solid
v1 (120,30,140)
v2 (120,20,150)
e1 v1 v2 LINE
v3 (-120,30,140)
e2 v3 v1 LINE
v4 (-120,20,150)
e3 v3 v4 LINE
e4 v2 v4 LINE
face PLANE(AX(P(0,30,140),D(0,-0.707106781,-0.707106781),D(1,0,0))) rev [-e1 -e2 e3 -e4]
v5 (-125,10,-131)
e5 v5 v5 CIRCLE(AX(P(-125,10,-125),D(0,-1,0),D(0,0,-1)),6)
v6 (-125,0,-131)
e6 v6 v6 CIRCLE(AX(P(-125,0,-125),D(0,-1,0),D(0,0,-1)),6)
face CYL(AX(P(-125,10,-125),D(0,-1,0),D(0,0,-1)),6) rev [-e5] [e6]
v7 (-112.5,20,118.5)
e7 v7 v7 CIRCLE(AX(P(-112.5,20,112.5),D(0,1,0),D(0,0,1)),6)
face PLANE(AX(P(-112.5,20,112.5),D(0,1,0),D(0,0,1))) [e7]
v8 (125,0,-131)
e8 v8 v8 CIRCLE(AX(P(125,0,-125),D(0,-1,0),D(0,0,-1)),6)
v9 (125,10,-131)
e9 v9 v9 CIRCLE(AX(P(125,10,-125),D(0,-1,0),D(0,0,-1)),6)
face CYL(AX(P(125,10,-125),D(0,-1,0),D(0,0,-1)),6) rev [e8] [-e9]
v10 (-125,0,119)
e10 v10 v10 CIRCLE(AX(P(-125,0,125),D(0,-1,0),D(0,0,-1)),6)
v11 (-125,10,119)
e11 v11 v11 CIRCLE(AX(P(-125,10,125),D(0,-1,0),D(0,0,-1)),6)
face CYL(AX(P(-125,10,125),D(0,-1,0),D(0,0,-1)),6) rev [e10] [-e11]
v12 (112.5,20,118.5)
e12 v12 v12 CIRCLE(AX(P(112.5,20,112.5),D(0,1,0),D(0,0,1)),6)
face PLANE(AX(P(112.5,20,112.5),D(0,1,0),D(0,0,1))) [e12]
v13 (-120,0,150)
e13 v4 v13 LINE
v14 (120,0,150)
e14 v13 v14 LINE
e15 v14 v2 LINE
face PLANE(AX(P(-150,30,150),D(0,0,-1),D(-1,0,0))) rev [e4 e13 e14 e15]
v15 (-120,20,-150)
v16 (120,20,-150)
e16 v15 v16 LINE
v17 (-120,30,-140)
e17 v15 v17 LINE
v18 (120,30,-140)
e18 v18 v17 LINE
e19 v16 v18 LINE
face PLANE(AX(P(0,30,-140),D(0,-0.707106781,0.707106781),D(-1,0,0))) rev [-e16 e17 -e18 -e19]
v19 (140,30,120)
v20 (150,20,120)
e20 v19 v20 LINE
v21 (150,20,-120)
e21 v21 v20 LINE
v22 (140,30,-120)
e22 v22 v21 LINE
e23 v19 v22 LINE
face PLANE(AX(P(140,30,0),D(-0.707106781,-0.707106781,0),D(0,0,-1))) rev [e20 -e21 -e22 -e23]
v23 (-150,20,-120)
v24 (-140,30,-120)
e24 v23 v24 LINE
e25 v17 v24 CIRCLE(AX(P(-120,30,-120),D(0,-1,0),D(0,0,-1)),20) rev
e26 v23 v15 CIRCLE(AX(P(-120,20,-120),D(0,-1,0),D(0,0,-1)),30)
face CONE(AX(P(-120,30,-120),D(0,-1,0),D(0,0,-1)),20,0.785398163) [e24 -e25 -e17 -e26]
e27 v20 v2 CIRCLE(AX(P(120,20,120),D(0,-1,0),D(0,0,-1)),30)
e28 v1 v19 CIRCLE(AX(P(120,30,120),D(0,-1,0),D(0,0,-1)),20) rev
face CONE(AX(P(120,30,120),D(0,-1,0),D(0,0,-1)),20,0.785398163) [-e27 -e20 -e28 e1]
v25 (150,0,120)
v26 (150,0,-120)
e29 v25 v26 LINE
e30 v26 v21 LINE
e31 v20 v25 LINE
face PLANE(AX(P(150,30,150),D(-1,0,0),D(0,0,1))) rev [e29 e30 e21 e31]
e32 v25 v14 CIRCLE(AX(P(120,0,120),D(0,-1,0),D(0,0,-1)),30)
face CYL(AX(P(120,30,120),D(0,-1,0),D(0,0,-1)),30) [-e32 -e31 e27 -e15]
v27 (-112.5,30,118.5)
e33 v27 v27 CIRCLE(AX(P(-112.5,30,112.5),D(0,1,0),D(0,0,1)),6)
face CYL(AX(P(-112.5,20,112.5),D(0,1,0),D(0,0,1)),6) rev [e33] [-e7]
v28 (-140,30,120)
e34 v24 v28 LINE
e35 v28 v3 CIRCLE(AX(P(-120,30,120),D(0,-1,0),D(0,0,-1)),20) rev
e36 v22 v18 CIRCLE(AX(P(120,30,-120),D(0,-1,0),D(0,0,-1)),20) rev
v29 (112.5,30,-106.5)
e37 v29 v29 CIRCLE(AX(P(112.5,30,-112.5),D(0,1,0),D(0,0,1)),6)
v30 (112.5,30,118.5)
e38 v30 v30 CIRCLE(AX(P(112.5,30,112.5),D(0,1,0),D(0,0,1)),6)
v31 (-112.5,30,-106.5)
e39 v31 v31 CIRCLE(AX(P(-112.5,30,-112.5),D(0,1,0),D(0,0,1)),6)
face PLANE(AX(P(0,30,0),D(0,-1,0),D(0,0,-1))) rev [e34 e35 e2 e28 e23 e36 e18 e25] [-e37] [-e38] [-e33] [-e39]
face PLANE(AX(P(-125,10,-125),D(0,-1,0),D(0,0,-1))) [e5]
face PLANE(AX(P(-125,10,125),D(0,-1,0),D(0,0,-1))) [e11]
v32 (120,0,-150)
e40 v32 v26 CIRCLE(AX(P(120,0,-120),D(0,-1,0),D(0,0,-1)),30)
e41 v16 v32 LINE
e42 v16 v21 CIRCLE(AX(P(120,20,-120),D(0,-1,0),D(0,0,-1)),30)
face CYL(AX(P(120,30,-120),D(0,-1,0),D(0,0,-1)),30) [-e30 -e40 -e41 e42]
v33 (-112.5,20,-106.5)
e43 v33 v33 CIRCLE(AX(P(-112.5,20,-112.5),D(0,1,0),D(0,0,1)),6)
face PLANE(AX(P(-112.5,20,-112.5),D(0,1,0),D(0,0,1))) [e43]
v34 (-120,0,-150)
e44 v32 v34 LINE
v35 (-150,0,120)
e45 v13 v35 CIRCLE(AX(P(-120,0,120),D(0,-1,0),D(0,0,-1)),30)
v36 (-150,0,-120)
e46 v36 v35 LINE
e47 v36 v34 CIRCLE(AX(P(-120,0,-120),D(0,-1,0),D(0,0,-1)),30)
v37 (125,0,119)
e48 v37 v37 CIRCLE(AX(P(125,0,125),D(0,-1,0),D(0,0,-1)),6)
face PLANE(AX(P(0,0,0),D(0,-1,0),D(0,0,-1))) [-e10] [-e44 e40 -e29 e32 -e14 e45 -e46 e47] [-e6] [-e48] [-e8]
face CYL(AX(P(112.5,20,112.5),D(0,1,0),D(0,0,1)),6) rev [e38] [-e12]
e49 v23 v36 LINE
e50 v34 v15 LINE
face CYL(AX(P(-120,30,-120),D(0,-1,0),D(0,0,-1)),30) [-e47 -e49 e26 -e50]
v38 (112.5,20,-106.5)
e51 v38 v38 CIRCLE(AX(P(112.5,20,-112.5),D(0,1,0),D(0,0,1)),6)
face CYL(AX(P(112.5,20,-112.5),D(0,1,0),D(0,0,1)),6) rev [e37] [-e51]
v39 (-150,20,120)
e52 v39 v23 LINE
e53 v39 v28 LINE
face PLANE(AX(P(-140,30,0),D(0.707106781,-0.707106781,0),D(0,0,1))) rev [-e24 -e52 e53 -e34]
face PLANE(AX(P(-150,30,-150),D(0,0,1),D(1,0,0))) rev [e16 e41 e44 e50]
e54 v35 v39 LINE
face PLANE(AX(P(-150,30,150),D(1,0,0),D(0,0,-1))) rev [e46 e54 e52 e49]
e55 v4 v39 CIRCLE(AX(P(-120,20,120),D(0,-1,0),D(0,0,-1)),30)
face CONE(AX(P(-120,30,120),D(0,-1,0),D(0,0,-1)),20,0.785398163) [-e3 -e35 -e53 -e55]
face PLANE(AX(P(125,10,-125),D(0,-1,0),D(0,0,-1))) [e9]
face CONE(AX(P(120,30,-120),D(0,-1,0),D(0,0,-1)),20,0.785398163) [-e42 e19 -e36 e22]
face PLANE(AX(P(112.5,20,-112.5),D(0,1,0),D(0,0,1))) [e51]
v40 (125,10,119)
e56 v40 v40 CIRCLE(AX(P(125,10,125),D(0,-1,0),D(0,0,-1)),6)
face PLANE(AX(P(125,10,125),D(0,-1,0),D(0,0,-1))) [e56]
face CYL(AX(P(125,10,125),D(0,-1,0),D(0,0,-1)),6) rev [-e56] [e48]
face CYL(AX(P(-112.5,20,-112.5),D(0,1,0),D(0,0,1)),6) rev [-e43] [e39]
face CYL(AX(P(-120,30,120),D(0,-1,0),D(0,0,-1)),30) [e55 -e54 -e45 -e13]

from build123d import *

# Parameters (mm, degrees)
CROQUIS1_W              = 300
CROQUIS1_H              = 300
SALIENTE_EXTRUIR1_DEPTH = 30
REDONDEO1_R             = 30
CHAFL_N1_SIZE           = 10
CROQUIS3_R              = 6
CORTAR_EXTRUIR2_DEPTH   = 10
CROQUIS11_R             = 6
CORTAR_EXTRUIR5_DEPTH   = 10


with BuildPart() as part:
    # Croquis1 → Saliente-Extruir1 (new body)
    with BuildSketch(Plane(origin=(0, 0, 0), x_dir=(1, 0, 0), z_dir=(0, 1, 0))):
        Rectangle(CROQUIS1_W, CROQUIS1_H)
    extrude(amount=SALIENTE_EXTRUIR1_DEPTH)

    # Redondeo1
    redondeo1_edges = [part.edges().sort_by_distance(p)[0] for p in [
        (150, 15, 150),
        (-150, 15, 150),
        (-150, 15, -150),
        (150, 15, -150),
    ]]
    fillet(redondeo1_edges, radius=REDONDEO1_R)

    # Chaflán1
    chafl_n1_edges = [part.edges().sort_by_distance(p)[0] for p in [
        (-150, 30, 0),
        (0, 30, -150),
        (150, 30, 0),
        (0, 30, 150),
        (-141.213203436, 30, 141.213203436),
        (141.213203436, 30, 141.213203436),
        (141.213203436, 30, -141.213203436),
        (-141.213203436, 30, -141.213203436),
    ]]
    chamfer(chafl_n1_edges, length=CHAFL_N1_SIZE)

    # Croquis3 → Cortar-Extruir2 (cut)
    with BuildSketch(Plane.XZ):
        with Locations((125, -125)):
            Circle(CROQUIS3_R)
        with Locations((125, 125)):
            Circle(CROQUIS3_R)
        with Locations((-125, 125)):
            Circle(CROQUIS3_R)
        with Locations((-125, -125)):
            Circle(CROQUIS3_R)
    extrude(amount=-CORTAR_EXTRUIR2_DEPTH, mode=Mode.SUBTRACT)

    # Croquis11 → Cortar-Extruir5 (cut)
    with BuildSketch(Plane(origin=(0, 30, 0), x_dir=(1, 0, 0), z_dir=(0, 1, 0))):
        with Locations((112.5, -112.5)):
            Circle(CROQUIS11_R)
        with Locations((112.5, 112.5)):
            Circle(CROQUIS11_R)
        with Locations((-112.5, 112.5)):
            Circle(CROQUIS11_R)
        with Locations((-112.5, -112.5)):
            Circle(CROQUIS11_R)
    extrude(amount=-CORTAR_EXTRUIR5_DEPTH, mode=Mode.SUBTRACT)


solid = part.part
